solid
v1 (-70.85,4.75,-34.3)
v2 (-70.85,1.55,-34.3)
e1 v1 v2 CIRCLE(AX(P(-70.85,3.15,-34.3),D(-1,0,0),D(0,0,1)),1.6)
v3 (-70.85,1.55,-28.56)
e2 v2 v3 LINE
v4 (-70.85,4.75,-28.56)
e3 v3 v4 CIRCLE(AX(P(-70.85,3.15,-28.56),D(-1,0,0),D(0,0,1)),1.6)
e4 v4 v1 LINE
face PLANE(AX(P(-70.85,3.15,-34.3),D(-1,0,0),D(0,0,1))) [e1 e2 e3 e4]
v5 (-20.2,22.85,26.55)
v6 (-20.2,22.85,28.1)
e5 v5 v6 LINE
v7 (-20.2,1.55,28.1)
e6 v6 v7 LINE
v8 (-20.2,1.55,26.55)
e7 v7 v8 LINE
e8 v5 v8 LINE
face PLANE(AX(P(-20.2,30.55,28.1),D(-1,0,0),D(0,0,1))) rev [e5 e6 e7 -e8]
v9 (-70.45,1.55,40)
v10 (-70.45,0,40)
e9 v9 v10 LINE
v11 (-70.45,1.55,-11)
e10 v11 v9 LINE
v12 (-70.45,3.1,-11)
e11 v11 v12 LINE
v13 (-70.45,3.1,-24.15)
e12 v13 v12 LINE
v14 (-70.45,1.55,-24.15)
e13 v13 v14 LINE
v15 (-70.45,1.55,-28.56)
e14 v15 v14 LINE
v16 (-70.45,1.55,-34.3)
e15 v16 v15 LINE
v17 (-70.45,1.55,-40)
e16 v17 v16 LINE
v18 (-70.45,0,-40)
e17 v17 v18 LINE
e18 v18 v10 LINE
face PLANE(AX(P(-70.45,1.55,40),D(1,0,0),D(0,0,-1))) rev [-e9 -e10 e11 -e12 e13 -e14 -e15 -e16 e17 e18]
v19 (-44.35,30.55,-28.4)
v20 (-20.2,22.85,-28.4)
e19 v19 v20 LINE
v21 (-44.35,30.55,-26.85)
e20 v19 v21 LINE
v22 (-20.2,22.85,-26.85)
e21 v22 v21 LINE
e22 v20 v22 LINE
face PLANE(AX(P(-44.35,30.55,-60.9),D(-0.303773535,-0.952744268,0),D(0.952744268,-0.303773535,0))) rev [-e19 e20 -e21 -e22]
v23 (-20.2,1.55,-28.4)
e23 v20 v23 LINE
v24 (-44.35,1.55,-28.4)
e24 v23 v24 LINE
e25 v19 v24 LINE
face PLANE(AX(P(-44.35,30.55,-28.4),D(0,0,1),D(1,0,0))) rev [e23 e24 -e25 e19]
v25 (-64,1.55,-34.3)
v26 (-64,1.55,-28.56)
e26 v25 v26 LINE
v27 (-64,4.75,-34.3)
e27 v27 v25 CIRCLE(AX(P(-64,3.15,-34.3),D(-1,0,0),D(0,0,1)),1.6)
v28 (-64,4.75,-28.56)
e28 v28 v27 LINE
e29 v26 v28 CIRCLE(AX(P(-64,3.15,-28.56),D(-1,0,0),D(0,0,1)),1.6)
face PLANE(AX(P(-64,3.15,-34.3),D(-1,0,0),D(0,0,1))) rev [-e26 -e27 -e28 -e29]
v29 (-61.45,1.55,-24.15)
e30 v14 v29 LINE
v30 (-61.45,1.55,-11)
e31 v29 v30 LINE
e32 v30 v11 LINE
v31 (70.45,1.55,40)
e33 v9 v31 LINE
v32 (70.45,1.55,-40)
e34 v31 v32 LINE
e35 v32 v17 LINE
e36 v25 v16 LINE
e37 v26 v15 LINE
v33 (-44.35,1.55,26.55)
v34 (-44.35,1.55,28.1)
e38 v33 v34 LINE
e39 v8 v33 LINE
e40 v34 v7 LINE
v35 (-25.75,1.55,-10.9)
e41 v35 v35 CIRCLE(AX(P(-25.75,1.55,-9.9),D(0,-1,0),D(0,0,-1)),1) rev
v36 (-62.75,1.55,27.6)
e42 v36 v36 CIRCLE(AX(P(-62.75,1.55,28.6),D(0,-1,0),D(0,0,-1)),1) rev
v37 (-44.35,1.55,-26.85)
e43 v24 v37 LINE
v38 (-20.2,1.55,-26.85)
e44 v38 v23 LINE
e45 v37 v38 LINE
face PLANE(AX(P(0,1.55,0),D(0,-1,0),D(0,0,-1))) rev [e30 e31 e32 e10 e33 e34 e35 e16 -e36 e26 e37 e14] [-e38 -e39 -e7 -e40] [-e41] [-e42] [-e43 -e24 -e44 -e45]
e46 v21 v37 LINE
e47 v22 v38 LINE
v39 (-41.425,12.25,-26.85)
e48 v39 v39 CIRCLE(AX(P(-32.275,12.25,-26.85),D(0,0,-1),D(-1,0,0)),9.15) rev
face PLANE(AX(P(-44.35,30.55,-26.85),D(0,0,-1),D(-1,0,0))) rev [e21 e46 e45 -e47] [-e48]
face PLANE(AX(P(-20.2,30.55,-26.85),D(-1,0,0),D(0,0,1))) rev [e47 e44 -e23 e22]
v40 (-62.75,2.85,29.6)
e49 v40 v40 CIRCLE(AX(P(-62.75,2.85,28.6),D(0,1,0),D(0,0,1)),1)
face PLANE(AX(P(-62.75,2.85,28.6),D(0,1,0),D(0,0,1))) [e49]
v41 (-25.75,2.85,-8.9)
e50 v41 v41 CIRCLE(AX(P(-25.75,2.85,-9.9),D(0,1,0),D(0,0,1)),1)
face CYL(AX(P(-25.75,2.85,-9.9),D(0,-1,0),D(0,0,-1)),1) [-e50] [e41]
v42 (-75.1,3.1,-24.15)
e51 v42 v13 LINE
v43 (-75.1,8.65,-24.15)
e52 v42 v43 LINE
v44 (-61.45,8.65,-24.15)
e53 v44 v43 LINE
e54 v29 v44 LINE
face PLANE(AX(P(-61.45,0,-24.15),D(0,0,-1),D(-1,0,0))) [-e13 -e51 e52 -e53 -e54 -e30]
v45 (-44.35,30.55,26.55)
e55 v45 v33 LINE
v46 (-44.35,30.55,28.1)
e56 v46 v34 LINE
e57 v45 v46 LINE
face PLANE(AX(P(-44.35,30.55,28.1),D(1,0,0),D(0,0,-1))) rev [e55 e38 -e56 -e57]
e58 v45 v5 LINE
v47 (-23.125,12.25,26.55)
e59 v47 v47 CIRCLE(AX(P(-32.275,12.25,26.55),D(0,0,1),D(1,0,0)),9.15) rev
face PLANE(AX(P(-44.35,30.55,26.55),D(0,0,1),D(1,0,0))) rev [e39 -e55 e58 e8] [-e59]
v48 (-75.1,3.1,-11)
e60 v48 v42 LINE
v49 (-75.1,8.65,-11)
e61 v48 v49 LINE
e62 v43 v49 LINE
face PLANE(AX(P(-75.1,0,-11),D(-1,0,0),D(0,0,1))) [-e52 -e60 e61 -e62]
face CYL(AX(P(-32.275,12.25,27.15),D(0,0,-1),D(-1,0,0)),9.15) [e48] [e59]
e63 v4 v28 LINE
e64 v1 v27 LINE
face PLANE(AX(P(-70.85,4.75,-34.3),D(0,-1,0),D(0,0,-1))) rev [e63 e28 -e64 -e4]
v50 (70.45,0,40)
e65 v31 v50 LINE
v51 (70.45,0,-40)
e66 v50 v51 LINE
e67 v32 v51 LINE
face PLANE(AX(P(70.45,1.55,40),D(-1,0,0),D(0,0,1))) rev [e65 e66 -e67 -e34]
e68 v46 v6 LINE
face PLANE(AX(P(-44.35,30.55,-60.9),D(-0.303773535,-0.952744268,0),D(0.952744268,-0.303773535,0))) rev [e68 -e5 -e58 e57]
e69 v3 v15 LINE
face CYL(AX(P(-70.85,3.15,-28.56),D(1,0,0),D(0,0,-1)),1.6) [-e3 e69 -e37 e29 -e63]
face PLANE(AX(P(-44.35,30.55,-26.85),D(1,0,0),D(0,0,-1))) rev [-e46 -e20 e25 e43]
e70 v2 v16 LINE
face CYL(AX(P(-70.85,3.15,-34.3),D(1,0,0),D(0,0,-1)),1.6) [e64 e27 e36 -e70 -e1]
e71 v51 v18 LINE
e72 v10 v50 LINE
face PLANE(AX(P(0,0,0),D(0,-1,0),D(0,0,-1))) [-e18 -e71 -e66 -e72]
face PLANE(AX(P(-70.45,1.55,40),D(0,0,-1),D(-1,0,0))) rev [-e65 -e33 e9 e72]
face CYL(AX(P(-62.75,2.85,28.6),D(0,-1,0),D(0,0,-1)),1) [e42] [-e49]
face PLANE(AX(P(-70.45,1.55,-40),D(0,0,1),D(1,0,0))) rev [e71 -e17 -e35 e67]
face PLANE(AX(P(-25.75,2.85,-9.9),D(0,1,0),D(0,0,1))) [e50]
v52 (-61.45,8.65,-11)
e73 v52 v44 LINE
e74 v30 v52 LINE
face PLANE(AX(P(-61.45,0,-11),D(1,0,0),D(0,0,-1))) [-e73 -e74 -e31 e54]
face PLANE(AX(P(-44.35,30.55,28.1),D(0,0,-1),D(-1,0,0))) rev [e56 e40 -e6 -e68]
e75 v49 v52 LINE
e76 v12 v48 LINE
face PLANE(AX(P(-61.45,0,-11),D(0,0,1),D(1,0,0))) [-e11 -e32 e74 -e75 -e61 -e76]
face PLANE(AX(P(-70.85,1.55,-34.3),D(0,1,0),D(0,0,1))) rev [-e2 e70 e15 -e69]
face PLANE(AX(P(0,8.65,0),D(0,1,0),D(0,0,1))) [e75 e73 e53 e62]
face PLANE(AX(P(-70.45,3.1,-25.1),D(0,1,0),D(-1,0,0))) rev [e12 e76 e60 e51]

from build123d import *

# Parameters (mm, degrees)
SKETCH1_W                = 140.9
SKETCH1_H                = 80
PCB_DEPTH                = 1.55
BODYC_DEPTH              = 0.4
BODYC_DEPTH_BACK         = 6.45
BOSS_EXTRUDE4_DEPTH      = 7.1
BOSS_EXTRUDE4_DEPTH_BACK = 1.55
SKETCH4_W                = 13.65
SKETCH4_H                = 13.15
SKETCH5_W                = 4.65
SKETCH5_H                = 3.1
CUT_EXTRUDE3_DEPTH       = 14.1
SKETCH11_W               = 24.15
SKETCH11_H               = 1.55
BOSS_EXTRUDE8_DEPTH      = 29
SKETCH7_W                = 24.15
SKETCH7_H                = 1.55
BOSS_EXTRUDE5_DEPTH      = 29
CUT_EXTRUDE4_DEPTH       = 89
SKETCH12_R               = 9.15
BATTERY_DEPTH            = 54
SKETCH13_R               = 1
BUTTON_DEPTH             = 1.3
SKETCH14_R               = 1
RESET_DEPTH              = 1.3


with BuildPart() as part:
    # Sketch1 → PCB (new body)
    with BuildSketch(Plane(origin=(0, 0, 0), x_dir=(1, 0, 0), z_dir=(0, 1, 0))):
        Rectangle(SKETCH1_W, SKETCH1_H)
    extrude(amount=PCB_DEPTH)

    # Sketch3 → bodyC (add, two sides: drawn at the far end of the back side and taken through both)
    with BuildSketch(Plane.ZY.offset(70.45).offset(-BODYC_DEPTH_BACK)):
        with BuildLine():
            Line((-34.3, 4.75), (-28.56, 4.75))
            ThreePointArc((-28.56, 4.75), (-26.96, 3.15), (-28.56, 1.55))
            Line((-28.56, 1.55), (-34.3, 1.55))
            ThreePointArc((-34.3, 1.55), (-35.9, 3.15), (-34.3, 4.75))
        make_face()
    extrude(amount=BODYC_DEPTH + BODYC_DEPTH_BACK)

    # Sketch4 → Boss-Extrude4 (add, two sides: drawn at the far end of the back side and taken through both)
    with BuildSketch(Plane(origin=(0, 1.55, 0), x_dir=(1, 0, 0), z_dir=(0, 1, 0)).offset(-BOSS_EXTRUDE4_DEPTH_BACK)):
        with Locations((-68.275, 17.575)):
            Rectangle(SKETCH4_W, SKETCH4_H)
    extrude(amount=BOSS_EXTRUDE4_DEPTH + BOSS_EXTRUDE4_DEPTH_BACK)

    # Sketch5 → Cut-Extrude3 (cut)
    with BuildSketch(Plane.XY.offset(-11)):
        with Locations((-72.775, 1.55)):
            Rectangle(SKETCH5_W, SKETCH5_H)
    extrude(amount=-CUT_EXTRUDE3_DEPTH, mode=Mode.SUBTRACT)

    # Sketch11 → Boss-Extrude8 (add)
    with BuildSketch(Plane(origin=(0, 1.55, 0), x_dir=(1, 0, 0), z_dir=(0, 1, 0))):
        with Locations((-32.275, 27.625)):
            Rectangle(SKETCH11_W, SKETCH11_H)
    extrude(amount=BOSS_EXTRUDE8_DEPTH)

    # Sketch7 → Boss-Extrude5 (add)
    with BuildSketch(Plane(origin=(0, 1.55, 0), x_dir=(1, 0, 0), z_dir=(0, 1, 0))):
        with Locations((-32.275, -27.325)):
            Rectangle(SKETCH7_W, SKETCH7_H)
    extrude(amount=BOSS_EXTRUDE5_DEPTH)

    # Sketch8 → Cut-Extrude4 (cut)
    with BuildSketch(Plane.XY.offset(28.1)):
        Polygon((-44.35, 30.55), (-20.2, 22.85), (-20.2, 30.55), align=None)
    extrude(amount=-CUT_EXTRUDE4_DEPTH, mode=Mode.SUBTRACT)

    # Sketch12 → Battery (add)
    with BuildSketch(Plane.XY.offset(-26.85)):
        with Locations(Location((-32.275, 12.25, 0), (0, 0, 180))):
            Circle(SKETCH12_R)
    extrude(amount=BATTERY_DEPTH)

    # Sketch13 → Button (add)
    with BuildSketch(Plane(origin=(0, 1.55, 0), x_dir=(1, 0, 0), z_dir=(0, 1, 0))):
        with Locations(Location((-62.75, -28.6, 0), (0, 0, 90))):
            Circle(SKETCH13_R)
    extrude(amount=BUTTON_DEPTH)

    # Sketch14 → Reset (add)
    with BuildSketch(Plane(origin=(0, 1.55, 0), x_dir=(1, 0, 0), z_dir=(0, 1, 0))):
        with Locations(Location((-25.75, 9.9, 0), (0, 0, 90))):
            Circle(SKETCH14_R)
    extrude(amount=RESET_DEPTH)


solid = part.part
